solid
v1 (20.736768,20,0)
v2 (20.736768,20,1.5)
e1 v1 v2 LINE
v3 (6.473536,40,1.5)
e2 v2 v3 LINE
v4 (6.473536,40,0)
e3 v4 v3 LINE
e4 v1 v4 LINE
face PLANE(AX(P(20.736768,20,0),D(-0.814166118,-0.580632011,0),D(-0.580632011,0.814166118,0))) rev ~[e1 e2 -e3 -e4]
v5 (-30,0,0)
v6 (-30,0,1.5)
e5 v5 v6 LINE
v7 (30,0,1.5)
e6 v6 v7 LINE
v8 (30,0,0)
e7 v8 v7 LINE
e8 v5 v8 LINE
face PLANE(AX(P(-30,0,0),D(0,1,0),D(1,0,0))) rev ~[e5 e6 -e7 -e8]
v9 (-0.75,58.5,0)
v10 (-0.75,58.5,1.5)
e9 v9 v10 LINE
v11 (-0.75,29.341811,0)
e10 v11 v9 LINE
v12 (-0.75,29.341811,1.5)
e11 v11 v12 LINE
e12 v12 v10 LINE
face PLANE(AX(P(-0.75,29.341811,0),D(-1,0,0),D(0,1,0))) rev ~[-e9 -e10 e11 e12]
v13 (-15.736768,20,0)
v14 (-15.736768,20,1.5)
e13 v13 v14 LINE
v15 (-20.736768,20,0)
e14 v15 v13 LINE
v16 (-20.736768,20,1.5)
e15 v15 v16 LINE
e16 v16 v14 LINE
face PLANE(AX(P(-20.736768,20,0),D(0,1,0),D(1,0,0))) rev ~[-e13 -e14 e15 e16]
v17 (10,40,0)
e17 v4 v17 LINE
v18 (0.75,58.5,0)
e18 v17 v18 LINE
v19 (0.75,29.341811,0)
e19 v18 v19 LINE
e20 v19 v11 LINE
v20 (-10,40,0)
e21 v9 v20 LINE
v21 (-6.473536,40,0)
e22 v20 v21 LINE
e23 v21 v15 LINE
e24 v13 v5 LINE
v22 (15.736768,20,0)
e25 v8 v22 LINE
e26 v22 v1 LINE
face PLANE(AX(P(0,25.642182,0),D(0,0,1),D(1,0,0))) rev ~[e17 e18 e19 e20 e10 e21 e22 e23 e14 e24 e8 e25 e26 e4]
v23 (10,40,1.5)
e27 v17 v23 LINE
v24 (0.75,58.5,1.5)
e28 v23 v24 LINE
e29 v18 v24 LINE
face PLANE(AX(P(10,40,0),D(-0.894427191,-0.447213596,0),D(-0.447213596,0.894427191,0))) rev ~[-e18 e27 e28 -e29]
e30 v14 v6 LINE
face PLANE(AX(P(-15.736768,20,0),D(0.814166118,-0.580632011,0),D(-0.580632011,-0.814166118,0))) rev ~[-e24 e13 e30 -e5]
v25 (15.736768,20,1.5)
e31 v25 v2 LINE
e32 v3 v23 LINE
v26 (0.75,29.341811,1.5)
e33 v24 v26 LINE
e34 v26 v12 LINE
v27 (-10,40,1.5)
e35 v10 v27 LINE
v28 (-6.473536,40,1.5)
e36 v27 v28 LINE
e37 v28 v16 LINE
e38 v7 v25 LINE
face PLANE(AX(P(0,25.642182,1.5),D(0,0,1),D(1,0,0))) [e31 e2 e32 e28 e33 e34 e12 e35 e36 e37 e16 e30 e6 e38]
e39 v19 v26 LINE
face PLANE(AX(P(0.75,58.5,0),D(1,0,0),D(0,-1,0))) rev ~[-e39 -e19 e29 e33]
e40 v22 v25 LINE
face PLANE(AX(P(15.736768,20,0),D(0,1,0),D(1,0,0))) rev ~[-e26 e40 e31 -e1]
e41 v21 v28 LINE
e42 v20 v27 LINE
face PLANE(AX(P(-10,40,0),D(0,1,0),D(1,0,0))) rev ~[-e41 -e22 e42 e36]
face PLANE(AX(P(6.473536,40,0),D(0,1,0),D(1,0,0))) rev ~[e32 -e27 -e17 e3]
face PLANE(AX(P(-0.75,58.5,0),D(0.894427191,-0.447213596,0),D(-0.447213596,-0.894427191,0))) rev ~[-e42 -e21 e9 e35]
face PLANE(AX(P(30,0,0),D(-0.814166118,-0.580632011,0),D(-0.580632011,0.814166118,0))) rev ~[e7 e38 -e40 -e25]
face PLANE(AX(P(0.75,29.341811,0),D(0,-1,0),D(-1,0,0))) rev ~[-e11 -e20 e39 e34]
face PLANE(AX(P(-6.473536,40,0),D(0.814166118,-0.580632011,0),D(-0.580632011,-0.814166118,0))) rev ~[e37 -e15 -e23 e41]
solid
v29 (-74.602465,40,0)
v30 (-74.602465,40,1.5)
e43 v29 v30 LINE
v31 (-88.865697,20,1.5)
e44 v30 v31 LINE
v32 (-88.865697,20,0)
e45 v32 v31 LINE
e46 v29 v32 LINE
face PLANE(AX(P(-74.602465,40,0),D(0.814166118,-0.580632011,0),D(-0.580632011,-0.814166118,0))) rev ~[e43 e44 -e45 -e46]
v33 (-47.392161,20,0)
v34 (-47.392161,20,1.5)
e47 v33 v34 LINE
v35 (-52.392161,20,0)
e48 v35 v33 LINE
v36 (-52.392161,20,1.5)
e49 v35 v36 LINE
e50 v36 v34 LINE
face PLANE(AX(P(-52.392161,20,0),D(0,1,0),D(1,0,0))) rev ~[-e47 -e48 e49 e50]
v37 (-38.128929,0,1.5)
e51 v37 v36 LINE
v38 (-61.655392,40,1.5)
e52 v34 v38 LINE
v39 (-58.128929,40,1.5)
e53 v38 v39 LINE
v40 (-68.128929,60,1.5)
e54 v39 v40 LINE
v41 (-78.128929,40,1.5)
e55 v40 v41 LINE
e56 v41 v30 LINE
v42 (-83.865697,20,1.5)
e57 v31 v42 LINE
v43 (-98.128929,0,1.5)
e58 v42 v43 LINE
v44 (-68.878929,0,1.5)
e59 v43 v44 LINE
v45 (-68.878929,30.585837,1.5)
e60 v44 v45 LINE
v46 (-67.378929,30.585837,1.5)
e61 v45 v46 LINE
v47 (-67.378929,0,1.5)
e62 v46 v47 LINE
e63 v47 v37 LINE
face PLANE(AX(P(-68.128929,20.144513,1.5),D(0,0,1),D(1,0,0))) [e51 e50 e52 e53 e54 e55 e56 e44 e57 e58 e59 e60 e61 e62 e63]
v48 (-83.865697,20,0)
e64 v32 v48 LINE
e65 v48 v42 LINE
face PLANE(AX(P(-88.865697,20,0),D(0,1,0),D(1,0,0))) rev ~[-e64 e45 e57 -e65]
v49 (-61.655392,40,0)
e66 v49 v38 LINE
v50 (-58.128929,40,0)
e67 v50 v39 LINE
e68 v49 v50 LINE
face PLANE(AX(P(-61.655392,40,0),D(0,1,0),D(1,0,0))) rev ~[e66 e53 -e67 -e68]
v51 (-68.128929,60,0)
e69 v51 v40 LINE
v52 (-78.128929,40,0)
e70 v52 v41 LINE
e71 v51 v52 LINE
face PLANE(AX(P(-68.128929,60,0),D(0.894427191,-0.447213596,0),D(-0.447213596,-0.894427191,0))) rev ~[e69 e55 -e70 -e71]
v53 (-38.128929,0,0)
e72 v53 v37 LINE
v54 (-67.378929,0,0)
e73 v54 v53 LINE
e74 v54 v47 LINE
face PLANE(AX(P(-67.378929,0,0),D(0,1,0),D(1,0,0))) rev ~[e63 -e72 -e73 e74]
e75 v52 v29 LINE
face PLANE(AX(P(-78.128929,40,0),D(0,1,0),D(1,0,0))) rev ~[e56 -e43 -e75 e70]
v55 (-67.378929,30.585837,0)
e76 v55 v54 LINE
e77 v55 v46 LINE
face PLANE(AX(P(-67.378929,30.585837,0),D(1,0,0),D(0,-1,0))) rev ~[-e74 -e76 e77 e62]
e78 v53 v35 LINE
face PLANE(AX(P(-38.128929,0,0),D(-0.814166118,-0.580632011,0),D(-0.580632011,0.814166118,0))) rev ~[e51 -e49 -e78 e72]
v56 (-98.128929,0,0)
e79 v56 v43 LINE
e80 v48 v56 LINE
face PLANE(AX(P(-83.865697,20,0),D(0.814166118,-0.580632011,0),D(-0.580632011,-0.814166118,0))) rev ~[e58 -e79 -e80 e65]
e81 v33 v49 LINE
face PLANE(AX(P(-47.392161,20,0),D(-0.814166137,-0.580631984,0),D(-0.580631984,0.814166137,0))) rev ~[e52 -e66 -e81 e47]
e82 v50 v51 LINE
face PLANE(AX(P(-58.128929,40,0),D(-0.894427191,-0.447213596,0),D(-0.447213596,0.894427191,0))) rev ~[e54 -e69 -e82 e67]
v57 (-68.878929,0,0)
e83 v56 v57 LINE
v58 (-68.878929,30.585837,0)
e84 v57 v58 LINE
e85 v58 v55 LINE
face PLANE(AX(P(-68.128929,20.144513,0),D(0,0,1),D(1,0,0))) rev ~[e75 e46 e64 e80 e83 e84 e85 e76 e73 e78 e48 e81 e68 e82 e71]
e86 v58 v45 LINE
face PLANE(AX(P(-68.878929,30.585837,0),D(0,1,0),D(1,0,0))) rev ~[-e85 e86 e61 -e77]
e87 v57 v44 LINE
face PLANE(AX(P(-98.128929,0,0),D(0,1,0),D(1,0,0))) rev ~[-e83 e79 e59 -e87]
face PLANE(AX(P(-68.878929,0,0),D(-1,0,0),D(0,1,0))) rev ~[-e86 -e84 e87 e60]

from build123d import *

# Parameters (mm, degrees)
F1_DEPTH = 1.5


with BuildPart() as f1:
    # F0 (on Top) → F1 (new body)
    with BuildSketch(Plane.XY):
        Polygon((-30, 0), (30, 0), (15.736768, 20), (20.736768, 20), (6.473536, 40), (10, 40), (0.75, 58.5), (0.75, 29.341811), (-0.75, 29.341811), (-0.75, 58.5), (-10, 40), (-6.473536, 40), (-20.736768, 20), (-15.736768, 20), align=None)
        Polygon((-61.655392, 40), (-58.128929, 40), (-68.128929, 60), (-78.128929, 40), (-74.602465, 40), (-88.865697, 20), (-83.865697, 20), (-98.128929, 0), (-68.878929, 0), (-68.878929, 30.585837), (-67.378929, 30.585837), (-67.378929, 0), (-38.128929, 0), (-52.392161, 20), (-47.392161, 20), align=None)
    extrude(amount=F1_DEPTH)


solid = f1.part
